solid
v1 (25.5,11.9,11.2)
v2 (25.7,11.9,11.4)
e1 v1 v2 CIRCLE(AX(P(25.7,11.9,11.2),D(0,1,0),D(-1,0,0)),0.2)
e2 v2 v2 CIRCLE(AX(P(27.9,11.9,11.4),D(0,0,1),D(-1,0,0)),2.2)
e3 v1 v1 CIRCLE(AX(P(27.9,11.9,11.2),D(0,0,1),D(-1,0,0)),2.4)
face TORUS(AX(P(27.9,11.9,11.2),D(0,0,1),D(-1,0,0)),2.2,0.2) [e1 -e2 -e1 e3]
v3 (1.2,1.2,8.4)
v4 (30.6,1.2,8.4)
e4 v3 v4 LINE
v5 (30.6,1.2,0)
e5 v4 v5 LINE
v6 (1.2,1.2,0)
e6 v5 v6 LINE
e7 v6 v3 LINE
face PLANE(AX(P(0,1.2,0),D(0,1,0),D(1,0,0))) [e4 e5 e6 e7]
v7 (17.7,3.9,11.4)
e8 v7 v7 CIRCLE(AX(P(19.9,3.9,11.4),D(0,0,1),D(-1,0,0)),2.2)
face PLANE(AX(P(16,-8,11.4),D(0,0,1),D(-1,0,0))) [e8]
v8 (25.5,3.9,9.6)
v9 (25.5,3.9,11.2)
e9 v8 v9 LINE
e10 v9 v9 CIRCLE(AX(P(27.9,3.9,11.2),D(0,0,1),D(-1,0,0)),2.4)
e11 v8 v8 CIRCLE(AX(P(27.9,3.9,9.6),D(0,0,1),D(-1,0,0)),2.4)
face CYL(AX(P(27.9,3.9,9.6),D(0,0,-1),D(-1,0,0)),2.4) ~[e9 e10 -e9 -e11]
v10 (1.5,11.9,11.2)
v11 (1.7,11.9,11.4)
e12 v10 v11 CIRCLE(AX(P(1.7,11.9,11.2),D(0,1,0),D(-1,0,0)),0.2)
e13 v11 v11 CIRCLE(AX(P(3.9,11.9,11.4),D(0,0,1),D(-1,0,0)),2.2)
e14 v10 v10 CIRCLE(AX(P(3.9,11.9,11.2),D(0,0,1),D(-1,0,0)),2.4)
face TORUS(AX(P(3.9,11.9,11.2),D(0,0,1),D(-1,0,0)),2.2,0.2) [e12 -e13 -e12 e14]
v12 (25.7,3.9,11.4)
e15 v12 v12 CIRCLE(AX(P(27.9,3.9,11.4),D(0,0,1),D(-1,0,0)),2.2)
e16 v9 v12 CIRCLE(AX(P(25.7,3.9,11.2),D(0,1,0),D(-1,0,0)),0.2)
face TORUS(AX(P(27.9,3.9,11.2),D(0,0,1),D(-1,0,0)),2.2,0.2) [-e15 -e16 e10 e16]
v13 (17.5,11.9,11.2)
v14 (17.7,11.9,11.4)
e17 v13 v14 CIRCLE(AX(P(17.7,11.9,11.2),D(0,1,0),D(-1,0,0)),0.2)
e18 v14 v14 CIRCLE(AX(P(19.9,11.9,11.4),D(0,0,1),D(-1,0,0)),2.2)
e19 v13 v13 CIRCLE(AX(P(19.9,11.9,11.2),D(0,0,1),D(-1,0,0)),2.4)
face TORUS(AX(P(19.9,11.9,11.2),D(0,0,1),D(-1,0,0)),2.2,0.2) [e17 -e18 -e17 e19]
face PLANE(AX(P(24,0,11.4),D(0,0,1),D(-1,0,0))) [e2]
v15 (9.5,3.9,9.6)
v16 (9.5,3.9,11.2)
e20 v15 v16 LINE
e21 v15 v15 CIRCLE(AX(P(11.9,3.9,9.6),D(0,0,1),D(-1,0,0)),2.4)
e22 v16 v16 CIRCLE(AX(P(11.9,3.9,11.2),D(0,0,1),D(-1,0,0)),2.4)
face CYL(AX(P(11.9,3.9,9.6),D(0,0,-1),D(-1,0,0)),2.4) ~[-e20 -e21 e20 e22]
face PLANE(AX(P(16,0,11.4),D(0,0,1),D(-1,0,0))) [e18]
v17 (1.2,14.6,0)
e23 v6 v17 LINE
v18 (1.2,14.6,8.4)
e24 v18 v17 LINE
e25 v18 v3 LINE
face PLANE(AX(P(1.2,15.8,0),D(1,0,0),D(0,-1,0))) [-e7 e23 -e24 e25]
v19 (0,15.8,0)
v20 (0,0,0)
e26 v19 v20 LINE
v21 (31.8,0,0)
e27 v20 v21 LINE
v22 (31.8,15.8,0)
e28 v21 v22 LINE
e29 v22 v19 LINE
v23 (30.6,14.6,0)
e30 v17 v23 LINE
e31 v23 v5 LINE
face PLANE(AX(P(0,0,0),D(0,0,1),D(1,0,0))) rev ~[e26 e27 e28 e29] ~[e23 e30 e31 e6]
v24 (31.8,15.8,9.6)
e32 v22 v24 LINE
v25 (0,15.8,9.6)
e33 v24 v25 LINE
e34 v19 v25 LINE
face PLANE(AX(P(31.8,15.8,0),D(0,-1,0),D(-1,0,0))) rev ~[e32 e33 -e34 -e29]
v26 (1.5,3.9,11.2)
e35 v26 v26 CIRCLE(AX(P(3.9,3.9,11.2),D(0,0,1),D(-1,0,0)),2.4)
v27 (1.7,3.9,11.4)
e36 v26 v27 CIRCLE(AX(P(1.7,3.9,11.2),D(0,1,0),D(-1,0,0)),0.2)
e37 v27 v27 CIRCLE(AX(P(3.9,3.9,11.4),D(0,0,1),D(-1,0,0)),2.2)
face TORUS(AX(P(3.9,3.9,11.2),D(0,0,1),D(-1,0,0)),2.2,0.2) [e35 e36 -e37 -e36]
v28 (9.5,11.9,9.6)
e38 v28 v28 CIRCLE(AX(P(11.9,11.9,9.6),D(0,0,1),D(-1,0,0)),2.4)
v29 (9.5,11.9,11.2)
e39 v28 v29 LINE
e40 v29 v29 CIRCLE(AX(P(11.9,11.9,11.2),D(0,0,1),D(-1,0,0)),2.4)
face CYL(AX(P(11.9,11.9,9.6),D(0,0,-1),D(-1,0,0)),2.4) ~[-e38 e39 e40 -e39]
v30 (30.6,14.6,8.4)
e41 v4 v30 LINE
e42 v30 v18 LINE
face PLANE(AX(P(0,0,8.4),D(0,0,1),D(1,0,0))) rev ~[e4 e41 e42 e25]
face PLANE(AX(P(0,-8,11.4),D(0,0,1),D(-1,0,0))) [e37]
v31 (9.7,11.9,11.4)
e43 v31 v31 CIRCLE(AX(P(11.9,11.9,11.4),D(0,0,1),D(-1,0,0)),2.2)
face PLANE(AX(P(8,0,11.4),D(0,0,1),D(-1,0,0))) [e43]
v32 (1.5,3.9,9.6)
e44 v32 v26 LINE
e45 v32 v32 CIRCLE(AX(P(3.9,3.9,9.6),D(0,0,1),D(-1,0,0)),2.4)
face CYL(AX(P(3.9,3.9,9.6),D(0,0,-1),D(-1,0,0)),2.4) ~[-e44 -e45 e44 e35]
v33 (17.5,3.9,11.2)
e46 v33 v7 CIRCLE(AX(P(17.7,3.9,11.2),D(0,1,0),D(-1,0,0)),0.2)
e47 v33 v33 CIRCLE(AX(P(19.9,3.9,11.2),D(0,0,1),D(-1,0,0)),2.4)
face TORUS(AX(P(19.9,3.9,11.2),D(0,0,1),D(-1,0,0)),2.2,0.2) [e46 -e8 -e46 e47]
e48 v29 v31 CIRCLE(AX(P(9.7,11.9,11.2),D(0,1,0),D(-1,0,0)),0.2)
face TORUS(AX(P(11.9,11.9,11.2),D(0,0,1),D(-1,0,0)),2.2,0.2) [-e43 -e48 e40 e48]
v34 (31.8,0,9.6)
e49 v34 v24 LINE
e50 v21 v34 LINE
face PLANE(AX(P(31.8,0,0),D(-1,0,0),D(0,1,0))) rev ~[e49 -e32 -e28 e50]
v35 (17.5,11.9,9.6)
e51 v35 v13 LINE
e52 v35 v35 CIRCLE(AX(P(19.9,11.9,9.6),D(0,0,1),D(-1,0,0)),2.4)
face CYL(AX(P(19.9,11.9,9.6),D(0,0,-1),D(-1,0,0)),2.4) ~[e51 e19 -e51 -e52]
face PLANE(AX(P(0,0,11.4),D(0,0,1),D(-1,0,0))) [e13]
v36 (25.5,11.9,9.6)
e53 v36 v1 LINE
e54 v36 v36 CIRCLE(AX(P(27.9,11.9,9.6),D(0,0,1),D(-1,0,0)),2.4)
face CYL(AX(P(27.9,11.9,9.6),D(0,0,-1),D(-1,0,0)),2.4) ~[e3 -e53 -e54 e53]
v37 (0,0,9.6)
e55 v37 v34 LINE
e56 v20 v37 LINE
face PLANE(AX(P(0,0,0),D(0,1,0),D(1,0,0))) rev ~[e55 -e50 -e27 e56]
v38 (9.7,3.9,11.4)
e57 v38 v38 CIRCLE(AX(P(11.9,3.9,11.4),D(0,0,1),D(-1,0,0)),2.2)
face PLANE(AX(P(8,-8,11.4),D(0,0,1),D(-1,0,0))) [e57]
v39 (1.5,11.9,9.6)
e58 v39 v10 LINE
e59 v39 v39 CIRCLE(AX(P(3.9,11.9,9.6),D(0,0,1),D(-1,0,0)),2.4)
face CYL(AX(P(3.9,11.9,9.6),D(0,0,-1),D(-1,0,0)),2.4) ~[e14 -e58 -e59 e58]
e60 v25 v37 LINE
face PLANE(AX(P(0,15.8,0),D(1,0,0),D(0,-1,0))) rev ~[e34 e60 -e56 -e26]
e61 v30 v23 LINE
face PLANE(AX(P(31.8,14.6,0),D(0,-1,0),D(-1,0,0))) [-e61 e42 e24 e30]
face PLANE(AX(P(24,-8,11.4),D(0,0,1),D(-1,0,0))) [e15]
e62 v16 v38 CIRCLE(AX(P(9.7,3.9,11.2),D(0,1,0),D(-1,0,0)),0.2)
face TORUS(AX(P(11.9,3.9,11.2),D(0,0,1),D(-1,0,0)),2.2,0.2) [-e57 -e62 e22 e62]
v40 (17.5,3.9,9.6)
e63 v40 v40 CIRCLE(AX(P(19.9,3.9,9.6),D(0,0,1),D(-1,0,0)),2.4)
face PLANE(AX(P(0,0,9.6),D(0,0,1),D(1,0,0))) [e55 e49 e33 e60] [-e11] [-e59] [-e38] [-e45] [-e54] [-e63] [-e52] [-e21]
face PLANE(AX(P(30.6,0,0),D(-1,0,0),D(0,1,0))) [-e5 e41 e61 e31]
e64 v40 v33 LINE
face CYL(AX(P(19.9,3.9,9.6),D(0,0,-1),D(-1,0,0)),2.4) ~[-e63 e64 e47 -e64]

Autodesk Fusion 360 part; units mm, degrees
sketch "Sketch1" plane through (0, 0, 0) normal (0, 0, 1) x (1, 0, 0)
  line L0 (0, 0) -> (31.8, 0)
  line L1 (31.8, 0) -> (31.8, 15.8)
  line L2 (31.8, 15.8) -> (0, 15.8)
  line L3 (0, 15.8) -> (0, 0)
  dimension "d3" = 31.8
  dimension "d4" = 15.8
extrude "Extrude1" add sketch "Sketch1" along normal blind 9.6
shell "Shell1" thickness 1.2 removed faces 1 at (21.2, 5.2667, 0)
sketch "Sketch2" plane through (0, 0, 9.6) normal (0, 0, 1) x (-1, 0, 0)
  line L0 (0, -15.8) -> (0, 0)
  line L1 (0, 0) -> (-31.8, 0)
  line L2 (-31.8, 0) -> (-31.8, -15.8)
  line L3 (-31.8, -15.8) -> (0, -15.8)
  circle A0 centre (-3.9, -11.9) radius 2.4
  dimension "d8" = 4.8
  dimension "d9" = 3.9
  dimension "d10" = 3.9
extrude "Extrude2" add sketch "Sketch2" along normal blind 1.8 contours A0
fillet "Fillet1" radius 0.2 1 edges at (6.1376, 12.7679, 11.4)
pattern_linear "R-Pattern1" count 4 spacing 8 along (1, 0, 0) count 2 spacing 8 along (0, -1, 0) of "Extrude2", "Fillet1"
equation "d3 = ( 3.9 * 2 ) * 1 mm + ( 8.0 * ( n_orizzontale - 1 ) ) * 1 mm"
equation "d4 = ( 3.9 * 2 ) * 1 mm + ( 8.0 * ( n_verticale - 1 ) ) * 1 mm"
